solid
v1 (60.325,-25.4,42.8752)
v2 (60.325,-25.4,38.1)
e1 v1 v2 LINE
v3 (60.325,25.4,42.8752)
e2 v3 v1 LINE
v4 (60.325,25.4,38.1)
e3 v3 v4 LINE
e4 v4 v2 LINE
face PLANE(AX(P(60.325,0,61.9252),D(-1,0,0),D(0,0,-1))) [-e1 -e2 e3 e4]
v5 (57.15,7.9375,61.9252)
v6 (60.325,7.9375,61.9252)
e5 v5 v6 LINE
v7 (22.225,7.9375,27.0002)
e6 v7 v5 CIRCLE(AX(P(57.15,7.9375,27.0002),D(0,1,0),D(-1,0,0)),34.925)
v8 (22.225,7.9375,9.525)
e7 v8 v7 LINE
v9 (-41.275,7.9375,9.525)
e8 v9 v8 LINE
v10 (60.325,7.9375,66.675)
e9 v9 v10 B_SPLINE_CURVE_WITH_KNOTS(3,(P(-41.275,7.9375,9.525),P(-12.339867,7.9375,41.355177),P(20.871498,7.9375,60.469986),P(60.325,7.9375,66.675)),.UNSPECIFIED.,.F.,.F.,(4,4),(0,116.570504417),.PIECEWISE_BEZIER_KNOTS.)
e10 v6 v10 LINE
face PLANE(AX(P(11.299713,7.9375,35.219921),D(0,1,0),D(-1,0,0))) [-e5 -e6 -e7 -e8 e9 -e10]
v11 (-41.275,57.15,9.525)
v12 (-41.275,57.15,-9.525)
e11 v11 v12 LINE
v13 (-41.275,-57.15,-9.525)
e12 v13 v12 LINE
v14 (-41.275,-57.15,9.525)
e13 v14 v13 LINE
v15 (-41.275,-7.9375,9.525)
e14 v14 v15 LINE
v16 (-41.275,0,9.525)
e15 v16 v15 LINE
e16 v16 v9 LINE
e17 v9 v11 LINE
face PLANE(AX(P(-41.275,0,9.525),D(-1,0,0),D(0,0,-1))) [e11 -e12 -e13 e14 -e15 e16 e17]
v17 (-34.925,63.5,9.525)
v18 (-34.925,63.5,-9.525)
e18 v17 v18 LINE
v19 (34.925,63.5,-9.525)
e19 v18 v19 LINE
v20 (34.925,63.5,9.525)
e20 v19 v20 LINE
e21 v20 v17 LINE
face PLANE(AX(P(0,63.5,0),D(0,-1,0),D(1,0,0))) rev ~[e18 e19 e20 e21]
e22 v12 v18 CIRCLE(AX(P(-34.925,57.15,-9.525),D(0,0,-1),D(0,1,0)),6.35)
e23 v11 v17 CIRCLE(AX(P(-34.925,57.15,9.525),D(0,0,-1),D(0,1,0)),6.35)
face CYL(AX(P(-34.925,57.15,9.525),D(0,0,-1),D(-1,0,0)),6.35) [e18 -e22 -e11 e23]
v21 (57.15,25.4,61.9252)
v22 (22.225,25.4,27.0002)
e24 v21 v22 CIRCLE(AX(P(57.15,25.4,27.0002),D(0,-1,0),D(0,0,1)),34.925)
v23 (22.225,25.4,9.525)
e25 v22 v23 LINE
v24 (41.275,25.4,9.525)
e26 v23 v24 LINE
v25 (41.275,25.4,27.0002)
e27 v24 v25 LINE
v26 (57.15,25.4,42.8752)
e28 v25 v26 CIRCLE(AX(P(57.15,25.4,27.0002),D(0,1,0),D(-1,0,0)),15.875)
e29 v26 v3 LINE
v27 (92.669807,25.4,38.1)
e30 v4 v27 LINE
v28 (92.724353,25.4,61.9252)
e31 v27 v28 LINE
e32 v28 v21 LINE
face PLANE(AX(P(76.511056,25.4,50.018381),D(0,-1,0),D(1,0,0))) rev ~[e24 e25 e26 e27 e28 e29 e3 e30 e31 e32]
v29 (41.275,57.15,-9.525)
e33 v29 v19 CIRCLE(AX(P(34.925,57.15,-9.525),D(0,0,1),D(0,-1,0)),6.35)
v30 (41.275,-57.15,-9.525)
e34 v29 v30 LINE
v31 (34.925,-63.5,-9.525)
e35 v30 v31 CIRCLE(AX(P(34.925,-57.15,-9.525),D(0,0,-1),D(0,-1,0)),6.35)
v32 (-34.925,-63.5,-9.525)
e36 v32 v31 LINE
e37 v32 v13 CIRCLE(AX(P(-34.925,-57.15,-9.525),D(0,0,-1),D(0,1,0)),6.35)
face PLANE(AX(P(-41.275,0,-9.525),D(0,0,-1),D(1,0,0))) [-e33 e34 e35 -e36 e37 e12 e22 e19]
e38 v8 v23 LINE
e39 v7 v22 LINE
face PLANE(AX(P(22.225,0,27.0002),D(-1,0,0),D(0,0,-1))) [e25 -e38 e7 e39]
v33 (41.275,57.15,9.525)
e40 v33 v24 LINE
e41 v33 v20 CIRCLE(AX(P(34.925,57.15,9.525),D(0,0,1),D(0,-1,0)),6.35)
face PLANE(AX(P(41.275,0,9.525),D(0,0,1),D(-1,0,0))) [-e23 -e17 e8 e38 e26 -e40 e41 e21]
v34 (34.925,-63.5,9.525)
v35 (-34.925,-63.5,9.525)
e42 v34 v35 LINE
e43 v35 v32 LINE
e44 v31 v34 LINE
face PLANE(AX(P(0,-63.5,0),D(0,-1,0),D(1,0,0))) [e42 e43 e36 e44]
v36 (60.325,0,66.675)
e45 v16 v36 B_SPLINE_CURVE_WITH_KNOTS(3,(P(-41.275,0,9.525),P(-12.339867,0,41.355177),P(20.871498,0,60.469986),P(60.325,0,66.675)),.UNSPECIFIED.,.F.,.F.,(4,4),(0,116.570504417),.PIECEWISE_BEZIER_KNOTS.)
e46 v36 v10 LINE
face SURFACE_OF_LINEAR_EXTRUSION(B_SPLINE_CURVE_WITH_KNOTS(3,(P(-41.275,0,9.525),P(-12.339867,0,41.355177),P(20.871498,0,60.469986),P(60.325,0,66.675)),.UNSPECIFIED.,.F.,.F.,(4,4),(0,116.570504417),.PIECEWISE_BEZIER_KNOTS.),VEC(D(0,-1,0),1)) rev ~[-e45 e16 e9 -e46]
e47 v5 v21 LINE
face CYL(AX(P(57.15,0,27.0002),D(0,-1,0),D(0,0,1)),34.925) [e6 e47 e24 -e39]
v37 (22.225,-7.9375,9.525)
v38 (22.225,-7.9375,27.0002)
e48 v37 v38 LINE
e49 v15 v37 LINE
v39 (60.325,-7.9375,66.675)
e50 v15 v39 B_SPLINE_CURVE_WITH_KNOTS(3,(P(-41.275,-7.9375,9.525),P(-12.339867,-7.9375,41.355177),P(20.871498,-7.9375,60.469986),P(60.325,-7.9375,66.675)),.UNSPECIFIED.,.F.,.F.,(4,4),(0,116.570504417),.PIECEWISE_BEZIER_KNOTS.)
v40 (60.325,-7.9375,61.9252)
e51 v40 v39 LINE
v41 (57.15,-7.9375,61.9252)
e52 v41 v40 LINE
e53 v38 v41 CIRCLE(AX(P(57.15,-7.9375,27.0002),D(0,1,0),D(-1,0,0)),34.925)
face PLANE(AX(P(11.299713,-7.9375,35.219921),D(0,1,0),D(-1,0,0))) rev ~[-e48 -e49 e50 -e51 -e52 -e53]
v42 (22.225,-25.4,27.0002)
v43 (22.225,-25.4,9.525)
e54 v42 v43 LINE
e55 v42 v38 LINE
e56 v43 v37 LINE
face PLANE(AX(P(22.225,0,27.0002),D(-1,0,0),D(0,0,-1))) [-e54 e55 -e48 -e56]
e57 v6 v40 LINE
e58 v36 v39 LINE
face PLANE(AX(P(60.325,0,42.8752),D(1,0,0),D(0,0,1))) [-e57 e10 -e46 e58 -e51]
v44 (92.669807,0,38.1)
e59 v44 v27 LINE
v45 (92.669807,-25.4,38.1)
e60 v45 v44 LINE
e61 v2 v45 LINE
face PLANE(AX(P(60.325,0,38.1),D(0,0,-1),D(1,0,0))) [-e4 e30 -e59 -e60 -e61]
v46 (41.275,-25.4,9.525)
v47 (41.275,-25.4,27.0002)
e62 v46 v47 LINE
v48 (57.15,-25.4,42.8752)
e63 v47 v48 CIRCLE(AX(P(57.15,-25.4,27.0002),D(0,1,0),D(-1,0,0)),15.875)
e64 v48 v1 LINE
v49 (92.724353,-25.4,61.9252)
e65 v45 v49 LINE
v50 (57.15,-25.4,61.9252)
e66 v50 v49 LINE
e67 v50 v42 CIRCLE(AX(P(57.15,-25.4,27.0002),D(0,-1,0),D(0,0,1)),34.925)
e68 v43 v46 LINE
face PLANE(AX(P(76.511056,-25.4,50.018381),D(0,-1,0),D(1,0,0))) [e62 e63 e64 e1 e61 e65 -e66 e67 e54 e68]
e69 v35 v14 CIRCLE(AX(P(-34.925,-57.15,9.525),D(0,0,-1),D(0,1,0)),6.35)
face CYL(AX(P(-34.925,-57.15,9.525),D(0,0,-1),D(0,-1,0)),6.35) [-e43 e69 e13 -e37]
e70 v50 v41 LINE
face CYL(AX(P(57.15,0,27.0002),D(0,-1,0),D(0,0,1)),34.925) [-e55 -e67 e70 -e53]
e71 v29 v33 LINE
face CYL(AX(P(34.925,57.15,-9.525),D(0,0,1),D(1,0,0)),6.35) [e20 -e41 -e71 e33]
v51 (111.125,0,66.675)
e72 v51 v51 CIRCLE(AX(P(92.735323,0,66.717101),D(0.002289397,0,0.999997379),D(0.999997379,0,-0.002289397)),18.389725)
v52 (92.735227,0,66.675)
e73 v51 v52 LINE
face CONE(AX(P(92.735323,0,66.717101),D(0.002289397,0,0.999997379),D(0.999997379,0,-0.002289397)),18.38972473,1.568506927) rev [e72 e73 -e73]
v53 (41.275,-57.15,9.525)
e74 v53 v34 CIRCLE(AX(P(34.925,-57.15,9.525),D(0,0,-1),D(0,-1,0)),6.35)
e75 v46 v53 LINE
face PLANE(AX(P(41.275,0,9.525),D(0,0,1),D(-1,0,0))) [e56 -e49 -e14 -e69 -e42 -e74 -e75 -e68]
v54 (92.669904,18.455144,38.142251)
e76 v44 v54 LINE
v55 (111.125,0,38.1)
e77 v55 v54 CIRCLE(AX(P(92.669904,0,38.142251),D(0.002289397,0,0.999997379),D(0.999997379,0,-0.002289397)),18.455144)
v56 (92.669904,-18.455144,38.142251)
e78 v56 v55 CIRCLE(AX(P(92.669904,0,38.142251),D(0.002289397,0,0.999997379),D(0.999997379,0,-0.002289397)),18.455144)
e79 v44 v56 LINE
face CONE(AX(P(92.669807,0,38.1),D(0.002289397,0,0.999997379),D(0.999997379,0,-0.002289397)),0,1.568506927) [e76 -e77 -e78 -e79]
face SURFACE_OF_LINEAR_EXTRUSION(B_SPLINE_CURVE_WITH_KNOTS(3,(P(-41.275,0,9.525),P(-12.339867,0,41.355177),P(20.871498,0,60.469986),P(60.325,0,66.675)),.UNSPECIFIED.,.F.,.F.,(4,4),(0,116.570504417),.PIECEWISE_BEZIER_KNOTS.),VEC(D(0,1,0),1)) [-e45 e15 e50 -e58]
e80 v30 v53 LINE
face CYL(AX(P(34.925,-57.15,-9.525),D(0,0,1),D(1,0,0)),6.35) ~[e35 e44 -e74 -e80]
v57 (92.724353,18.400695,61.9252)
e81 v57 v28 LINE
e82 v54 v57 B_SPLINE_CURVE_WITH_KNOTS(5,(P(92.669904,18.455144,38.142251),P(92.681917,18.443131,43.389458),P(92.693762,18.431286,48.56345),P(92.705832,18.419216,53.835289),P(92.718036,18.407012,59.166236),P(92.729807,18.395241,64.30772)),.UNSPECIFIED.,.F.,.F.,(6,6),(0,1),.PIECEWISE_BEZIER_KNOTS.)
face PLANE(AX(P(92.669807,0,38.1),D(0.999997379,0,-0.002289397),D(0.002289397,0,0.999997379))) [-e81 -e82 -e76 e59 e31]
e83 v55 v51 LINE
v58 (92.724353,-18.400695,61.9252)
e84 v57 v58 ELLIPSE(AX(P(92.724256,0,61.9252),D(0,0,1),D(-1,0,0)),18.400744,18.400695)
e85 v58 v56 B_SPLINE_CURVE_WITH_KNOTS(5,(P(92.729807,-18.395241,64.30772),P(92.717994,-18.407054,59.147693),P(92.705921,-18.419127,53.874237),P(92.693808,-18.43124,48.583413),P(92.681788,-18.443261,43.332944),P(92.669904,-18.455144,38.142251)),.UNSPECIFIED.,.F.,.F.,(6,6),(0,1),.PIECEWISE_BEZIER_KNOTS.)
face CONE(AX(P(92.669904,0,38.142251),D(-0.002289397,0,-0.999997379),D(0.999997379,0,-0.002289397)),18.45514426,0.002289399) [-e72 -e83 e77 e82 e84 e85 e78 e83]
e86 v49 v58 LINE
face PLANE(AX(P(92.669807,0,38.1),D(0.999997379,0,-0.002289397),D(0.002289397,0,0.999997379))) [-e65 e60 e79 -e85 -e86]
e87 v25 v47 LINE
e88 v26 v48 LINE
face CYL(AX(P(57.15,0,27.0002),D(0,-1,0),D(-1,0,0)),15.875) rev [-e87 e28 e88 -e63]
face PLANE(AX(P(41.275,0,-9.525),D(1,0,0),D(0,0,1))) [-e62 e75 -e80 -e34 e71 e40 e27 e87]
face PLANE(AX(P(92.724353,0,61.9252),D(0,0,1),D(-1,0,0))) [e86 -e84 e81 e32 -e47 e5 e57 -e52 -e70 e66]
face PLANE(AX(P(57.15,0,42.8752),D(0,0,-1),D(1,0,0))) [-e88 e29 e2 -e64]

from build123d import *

# Parameters (mm, degrees)
F1_DEPTH = 63.5
F2_DEPTH = 25.4
F3_DEPTH = 7.9375
F4_DEPTH = 25.4
F5_R     = 6.35


with BuildPart() as f1:
    # F0 (on Front) → F1 (new body, symmetric)
    with BuildSketch(Plane.XZ):
        Polygon((-41.275, -9.525), (41.275, -9.525), (41.275, 9.525), (22.225, 9.525), (-41.275, 9.525), align=None)
    extrude(amount=F1_DEPTH, both=True)

    # F0 (on Front) → F2 (join, symmetric)
    with BuildSketch(Plane.XZ):
        with BuildLine():
            Line((22.225, 9.525), (41.275, 9.525))
            Line((41.275, 9.525), (41.275, 27.0002))
            ThreePointArc((41.275, 27.0002), (45.9246798487, 38.2255201513), (57.15, 42.8752))
            Line((57.15, 42.8752), (60.325, 42.8752))
            Line((60.325, 42.8752), (60.325, 61.9252))
            Line((60.325, 61.9252), (57.15, 61.9252))
            ThreePointArc((57.15, 61.9252), (32.4542956671, 51.6959043329), (22.225, 27.0002))
            Line((22.225, 27.0002), (22.225, 9.525))
        make_face()
    extrude(amount=F2_DEPTH, both=True)

    # F0 (on Front) → F3 (join, symmetric)
    with BuildSketch(Plane.XZ):
        with BuildLine():
            add(Edge.make_bspline(
                [(-41.275, 9.525), (-12.3398668578, 41.355177187), (20.8714975106, 60.4699858623), (60.325, 66.675)],
                knots=[0, 0, 0, 0, 116.5705044169, 116.5705044169, 116.5705044169, 116.5705044169], degree=3))
            Line((-41.275, 9.525), (22.225, 9.525))
            Line((22.225, 9.525), (22.225, 27.0002))
            ThreePointArc((22.225, 27.0002), (32.4542956671, 51.6959043329), (57.15, 61.9252))
            Line((57.15, 61.9252), (60.325, 61.9252))
            Line((60.325, 61.9252), (60.325, 66.675))
        make_face()
    extrude(amount=F3_DEPTH, both=True)

    # F0 (on Front) → F4 (join, symmetric)
    with BuildSketch(Plane.XZ):
        Polygon((92.7243528686, 61.9252), (60.325, 61.9252), (60.325, 42.8752), (60.325, 38.1), (92.6698073745, 38.1), align=None)
    extrude(amount=F4_DEPTH, both=True)

    # F5
    f5_edges = [f1.edges().sort_by_distance(p)[0] for p in [
        (-41.275, -63.5, 0),
        (41.275, -63.5, 0),
        (41.275, 63.5, 0),
        (-41.275, 63.5, 0),
    ]]
    fillet(f5_edges, radius=F5_R)

    # F0 (on Front) → F6 (revolve)
    with BuildSketch(Plane.XZ):
        Polygon((111.125, 66.675), (92.7352270769, 66.675), (92.7243528686, 61.9252), (92.6698073745, 38.1), (111.125, 38.1), align=None)
    revolve(axis=Axis((92.7025172257, 0, 52.3875), (0.0022893974, 0, 0.9999973793)))


solid = f1.part
